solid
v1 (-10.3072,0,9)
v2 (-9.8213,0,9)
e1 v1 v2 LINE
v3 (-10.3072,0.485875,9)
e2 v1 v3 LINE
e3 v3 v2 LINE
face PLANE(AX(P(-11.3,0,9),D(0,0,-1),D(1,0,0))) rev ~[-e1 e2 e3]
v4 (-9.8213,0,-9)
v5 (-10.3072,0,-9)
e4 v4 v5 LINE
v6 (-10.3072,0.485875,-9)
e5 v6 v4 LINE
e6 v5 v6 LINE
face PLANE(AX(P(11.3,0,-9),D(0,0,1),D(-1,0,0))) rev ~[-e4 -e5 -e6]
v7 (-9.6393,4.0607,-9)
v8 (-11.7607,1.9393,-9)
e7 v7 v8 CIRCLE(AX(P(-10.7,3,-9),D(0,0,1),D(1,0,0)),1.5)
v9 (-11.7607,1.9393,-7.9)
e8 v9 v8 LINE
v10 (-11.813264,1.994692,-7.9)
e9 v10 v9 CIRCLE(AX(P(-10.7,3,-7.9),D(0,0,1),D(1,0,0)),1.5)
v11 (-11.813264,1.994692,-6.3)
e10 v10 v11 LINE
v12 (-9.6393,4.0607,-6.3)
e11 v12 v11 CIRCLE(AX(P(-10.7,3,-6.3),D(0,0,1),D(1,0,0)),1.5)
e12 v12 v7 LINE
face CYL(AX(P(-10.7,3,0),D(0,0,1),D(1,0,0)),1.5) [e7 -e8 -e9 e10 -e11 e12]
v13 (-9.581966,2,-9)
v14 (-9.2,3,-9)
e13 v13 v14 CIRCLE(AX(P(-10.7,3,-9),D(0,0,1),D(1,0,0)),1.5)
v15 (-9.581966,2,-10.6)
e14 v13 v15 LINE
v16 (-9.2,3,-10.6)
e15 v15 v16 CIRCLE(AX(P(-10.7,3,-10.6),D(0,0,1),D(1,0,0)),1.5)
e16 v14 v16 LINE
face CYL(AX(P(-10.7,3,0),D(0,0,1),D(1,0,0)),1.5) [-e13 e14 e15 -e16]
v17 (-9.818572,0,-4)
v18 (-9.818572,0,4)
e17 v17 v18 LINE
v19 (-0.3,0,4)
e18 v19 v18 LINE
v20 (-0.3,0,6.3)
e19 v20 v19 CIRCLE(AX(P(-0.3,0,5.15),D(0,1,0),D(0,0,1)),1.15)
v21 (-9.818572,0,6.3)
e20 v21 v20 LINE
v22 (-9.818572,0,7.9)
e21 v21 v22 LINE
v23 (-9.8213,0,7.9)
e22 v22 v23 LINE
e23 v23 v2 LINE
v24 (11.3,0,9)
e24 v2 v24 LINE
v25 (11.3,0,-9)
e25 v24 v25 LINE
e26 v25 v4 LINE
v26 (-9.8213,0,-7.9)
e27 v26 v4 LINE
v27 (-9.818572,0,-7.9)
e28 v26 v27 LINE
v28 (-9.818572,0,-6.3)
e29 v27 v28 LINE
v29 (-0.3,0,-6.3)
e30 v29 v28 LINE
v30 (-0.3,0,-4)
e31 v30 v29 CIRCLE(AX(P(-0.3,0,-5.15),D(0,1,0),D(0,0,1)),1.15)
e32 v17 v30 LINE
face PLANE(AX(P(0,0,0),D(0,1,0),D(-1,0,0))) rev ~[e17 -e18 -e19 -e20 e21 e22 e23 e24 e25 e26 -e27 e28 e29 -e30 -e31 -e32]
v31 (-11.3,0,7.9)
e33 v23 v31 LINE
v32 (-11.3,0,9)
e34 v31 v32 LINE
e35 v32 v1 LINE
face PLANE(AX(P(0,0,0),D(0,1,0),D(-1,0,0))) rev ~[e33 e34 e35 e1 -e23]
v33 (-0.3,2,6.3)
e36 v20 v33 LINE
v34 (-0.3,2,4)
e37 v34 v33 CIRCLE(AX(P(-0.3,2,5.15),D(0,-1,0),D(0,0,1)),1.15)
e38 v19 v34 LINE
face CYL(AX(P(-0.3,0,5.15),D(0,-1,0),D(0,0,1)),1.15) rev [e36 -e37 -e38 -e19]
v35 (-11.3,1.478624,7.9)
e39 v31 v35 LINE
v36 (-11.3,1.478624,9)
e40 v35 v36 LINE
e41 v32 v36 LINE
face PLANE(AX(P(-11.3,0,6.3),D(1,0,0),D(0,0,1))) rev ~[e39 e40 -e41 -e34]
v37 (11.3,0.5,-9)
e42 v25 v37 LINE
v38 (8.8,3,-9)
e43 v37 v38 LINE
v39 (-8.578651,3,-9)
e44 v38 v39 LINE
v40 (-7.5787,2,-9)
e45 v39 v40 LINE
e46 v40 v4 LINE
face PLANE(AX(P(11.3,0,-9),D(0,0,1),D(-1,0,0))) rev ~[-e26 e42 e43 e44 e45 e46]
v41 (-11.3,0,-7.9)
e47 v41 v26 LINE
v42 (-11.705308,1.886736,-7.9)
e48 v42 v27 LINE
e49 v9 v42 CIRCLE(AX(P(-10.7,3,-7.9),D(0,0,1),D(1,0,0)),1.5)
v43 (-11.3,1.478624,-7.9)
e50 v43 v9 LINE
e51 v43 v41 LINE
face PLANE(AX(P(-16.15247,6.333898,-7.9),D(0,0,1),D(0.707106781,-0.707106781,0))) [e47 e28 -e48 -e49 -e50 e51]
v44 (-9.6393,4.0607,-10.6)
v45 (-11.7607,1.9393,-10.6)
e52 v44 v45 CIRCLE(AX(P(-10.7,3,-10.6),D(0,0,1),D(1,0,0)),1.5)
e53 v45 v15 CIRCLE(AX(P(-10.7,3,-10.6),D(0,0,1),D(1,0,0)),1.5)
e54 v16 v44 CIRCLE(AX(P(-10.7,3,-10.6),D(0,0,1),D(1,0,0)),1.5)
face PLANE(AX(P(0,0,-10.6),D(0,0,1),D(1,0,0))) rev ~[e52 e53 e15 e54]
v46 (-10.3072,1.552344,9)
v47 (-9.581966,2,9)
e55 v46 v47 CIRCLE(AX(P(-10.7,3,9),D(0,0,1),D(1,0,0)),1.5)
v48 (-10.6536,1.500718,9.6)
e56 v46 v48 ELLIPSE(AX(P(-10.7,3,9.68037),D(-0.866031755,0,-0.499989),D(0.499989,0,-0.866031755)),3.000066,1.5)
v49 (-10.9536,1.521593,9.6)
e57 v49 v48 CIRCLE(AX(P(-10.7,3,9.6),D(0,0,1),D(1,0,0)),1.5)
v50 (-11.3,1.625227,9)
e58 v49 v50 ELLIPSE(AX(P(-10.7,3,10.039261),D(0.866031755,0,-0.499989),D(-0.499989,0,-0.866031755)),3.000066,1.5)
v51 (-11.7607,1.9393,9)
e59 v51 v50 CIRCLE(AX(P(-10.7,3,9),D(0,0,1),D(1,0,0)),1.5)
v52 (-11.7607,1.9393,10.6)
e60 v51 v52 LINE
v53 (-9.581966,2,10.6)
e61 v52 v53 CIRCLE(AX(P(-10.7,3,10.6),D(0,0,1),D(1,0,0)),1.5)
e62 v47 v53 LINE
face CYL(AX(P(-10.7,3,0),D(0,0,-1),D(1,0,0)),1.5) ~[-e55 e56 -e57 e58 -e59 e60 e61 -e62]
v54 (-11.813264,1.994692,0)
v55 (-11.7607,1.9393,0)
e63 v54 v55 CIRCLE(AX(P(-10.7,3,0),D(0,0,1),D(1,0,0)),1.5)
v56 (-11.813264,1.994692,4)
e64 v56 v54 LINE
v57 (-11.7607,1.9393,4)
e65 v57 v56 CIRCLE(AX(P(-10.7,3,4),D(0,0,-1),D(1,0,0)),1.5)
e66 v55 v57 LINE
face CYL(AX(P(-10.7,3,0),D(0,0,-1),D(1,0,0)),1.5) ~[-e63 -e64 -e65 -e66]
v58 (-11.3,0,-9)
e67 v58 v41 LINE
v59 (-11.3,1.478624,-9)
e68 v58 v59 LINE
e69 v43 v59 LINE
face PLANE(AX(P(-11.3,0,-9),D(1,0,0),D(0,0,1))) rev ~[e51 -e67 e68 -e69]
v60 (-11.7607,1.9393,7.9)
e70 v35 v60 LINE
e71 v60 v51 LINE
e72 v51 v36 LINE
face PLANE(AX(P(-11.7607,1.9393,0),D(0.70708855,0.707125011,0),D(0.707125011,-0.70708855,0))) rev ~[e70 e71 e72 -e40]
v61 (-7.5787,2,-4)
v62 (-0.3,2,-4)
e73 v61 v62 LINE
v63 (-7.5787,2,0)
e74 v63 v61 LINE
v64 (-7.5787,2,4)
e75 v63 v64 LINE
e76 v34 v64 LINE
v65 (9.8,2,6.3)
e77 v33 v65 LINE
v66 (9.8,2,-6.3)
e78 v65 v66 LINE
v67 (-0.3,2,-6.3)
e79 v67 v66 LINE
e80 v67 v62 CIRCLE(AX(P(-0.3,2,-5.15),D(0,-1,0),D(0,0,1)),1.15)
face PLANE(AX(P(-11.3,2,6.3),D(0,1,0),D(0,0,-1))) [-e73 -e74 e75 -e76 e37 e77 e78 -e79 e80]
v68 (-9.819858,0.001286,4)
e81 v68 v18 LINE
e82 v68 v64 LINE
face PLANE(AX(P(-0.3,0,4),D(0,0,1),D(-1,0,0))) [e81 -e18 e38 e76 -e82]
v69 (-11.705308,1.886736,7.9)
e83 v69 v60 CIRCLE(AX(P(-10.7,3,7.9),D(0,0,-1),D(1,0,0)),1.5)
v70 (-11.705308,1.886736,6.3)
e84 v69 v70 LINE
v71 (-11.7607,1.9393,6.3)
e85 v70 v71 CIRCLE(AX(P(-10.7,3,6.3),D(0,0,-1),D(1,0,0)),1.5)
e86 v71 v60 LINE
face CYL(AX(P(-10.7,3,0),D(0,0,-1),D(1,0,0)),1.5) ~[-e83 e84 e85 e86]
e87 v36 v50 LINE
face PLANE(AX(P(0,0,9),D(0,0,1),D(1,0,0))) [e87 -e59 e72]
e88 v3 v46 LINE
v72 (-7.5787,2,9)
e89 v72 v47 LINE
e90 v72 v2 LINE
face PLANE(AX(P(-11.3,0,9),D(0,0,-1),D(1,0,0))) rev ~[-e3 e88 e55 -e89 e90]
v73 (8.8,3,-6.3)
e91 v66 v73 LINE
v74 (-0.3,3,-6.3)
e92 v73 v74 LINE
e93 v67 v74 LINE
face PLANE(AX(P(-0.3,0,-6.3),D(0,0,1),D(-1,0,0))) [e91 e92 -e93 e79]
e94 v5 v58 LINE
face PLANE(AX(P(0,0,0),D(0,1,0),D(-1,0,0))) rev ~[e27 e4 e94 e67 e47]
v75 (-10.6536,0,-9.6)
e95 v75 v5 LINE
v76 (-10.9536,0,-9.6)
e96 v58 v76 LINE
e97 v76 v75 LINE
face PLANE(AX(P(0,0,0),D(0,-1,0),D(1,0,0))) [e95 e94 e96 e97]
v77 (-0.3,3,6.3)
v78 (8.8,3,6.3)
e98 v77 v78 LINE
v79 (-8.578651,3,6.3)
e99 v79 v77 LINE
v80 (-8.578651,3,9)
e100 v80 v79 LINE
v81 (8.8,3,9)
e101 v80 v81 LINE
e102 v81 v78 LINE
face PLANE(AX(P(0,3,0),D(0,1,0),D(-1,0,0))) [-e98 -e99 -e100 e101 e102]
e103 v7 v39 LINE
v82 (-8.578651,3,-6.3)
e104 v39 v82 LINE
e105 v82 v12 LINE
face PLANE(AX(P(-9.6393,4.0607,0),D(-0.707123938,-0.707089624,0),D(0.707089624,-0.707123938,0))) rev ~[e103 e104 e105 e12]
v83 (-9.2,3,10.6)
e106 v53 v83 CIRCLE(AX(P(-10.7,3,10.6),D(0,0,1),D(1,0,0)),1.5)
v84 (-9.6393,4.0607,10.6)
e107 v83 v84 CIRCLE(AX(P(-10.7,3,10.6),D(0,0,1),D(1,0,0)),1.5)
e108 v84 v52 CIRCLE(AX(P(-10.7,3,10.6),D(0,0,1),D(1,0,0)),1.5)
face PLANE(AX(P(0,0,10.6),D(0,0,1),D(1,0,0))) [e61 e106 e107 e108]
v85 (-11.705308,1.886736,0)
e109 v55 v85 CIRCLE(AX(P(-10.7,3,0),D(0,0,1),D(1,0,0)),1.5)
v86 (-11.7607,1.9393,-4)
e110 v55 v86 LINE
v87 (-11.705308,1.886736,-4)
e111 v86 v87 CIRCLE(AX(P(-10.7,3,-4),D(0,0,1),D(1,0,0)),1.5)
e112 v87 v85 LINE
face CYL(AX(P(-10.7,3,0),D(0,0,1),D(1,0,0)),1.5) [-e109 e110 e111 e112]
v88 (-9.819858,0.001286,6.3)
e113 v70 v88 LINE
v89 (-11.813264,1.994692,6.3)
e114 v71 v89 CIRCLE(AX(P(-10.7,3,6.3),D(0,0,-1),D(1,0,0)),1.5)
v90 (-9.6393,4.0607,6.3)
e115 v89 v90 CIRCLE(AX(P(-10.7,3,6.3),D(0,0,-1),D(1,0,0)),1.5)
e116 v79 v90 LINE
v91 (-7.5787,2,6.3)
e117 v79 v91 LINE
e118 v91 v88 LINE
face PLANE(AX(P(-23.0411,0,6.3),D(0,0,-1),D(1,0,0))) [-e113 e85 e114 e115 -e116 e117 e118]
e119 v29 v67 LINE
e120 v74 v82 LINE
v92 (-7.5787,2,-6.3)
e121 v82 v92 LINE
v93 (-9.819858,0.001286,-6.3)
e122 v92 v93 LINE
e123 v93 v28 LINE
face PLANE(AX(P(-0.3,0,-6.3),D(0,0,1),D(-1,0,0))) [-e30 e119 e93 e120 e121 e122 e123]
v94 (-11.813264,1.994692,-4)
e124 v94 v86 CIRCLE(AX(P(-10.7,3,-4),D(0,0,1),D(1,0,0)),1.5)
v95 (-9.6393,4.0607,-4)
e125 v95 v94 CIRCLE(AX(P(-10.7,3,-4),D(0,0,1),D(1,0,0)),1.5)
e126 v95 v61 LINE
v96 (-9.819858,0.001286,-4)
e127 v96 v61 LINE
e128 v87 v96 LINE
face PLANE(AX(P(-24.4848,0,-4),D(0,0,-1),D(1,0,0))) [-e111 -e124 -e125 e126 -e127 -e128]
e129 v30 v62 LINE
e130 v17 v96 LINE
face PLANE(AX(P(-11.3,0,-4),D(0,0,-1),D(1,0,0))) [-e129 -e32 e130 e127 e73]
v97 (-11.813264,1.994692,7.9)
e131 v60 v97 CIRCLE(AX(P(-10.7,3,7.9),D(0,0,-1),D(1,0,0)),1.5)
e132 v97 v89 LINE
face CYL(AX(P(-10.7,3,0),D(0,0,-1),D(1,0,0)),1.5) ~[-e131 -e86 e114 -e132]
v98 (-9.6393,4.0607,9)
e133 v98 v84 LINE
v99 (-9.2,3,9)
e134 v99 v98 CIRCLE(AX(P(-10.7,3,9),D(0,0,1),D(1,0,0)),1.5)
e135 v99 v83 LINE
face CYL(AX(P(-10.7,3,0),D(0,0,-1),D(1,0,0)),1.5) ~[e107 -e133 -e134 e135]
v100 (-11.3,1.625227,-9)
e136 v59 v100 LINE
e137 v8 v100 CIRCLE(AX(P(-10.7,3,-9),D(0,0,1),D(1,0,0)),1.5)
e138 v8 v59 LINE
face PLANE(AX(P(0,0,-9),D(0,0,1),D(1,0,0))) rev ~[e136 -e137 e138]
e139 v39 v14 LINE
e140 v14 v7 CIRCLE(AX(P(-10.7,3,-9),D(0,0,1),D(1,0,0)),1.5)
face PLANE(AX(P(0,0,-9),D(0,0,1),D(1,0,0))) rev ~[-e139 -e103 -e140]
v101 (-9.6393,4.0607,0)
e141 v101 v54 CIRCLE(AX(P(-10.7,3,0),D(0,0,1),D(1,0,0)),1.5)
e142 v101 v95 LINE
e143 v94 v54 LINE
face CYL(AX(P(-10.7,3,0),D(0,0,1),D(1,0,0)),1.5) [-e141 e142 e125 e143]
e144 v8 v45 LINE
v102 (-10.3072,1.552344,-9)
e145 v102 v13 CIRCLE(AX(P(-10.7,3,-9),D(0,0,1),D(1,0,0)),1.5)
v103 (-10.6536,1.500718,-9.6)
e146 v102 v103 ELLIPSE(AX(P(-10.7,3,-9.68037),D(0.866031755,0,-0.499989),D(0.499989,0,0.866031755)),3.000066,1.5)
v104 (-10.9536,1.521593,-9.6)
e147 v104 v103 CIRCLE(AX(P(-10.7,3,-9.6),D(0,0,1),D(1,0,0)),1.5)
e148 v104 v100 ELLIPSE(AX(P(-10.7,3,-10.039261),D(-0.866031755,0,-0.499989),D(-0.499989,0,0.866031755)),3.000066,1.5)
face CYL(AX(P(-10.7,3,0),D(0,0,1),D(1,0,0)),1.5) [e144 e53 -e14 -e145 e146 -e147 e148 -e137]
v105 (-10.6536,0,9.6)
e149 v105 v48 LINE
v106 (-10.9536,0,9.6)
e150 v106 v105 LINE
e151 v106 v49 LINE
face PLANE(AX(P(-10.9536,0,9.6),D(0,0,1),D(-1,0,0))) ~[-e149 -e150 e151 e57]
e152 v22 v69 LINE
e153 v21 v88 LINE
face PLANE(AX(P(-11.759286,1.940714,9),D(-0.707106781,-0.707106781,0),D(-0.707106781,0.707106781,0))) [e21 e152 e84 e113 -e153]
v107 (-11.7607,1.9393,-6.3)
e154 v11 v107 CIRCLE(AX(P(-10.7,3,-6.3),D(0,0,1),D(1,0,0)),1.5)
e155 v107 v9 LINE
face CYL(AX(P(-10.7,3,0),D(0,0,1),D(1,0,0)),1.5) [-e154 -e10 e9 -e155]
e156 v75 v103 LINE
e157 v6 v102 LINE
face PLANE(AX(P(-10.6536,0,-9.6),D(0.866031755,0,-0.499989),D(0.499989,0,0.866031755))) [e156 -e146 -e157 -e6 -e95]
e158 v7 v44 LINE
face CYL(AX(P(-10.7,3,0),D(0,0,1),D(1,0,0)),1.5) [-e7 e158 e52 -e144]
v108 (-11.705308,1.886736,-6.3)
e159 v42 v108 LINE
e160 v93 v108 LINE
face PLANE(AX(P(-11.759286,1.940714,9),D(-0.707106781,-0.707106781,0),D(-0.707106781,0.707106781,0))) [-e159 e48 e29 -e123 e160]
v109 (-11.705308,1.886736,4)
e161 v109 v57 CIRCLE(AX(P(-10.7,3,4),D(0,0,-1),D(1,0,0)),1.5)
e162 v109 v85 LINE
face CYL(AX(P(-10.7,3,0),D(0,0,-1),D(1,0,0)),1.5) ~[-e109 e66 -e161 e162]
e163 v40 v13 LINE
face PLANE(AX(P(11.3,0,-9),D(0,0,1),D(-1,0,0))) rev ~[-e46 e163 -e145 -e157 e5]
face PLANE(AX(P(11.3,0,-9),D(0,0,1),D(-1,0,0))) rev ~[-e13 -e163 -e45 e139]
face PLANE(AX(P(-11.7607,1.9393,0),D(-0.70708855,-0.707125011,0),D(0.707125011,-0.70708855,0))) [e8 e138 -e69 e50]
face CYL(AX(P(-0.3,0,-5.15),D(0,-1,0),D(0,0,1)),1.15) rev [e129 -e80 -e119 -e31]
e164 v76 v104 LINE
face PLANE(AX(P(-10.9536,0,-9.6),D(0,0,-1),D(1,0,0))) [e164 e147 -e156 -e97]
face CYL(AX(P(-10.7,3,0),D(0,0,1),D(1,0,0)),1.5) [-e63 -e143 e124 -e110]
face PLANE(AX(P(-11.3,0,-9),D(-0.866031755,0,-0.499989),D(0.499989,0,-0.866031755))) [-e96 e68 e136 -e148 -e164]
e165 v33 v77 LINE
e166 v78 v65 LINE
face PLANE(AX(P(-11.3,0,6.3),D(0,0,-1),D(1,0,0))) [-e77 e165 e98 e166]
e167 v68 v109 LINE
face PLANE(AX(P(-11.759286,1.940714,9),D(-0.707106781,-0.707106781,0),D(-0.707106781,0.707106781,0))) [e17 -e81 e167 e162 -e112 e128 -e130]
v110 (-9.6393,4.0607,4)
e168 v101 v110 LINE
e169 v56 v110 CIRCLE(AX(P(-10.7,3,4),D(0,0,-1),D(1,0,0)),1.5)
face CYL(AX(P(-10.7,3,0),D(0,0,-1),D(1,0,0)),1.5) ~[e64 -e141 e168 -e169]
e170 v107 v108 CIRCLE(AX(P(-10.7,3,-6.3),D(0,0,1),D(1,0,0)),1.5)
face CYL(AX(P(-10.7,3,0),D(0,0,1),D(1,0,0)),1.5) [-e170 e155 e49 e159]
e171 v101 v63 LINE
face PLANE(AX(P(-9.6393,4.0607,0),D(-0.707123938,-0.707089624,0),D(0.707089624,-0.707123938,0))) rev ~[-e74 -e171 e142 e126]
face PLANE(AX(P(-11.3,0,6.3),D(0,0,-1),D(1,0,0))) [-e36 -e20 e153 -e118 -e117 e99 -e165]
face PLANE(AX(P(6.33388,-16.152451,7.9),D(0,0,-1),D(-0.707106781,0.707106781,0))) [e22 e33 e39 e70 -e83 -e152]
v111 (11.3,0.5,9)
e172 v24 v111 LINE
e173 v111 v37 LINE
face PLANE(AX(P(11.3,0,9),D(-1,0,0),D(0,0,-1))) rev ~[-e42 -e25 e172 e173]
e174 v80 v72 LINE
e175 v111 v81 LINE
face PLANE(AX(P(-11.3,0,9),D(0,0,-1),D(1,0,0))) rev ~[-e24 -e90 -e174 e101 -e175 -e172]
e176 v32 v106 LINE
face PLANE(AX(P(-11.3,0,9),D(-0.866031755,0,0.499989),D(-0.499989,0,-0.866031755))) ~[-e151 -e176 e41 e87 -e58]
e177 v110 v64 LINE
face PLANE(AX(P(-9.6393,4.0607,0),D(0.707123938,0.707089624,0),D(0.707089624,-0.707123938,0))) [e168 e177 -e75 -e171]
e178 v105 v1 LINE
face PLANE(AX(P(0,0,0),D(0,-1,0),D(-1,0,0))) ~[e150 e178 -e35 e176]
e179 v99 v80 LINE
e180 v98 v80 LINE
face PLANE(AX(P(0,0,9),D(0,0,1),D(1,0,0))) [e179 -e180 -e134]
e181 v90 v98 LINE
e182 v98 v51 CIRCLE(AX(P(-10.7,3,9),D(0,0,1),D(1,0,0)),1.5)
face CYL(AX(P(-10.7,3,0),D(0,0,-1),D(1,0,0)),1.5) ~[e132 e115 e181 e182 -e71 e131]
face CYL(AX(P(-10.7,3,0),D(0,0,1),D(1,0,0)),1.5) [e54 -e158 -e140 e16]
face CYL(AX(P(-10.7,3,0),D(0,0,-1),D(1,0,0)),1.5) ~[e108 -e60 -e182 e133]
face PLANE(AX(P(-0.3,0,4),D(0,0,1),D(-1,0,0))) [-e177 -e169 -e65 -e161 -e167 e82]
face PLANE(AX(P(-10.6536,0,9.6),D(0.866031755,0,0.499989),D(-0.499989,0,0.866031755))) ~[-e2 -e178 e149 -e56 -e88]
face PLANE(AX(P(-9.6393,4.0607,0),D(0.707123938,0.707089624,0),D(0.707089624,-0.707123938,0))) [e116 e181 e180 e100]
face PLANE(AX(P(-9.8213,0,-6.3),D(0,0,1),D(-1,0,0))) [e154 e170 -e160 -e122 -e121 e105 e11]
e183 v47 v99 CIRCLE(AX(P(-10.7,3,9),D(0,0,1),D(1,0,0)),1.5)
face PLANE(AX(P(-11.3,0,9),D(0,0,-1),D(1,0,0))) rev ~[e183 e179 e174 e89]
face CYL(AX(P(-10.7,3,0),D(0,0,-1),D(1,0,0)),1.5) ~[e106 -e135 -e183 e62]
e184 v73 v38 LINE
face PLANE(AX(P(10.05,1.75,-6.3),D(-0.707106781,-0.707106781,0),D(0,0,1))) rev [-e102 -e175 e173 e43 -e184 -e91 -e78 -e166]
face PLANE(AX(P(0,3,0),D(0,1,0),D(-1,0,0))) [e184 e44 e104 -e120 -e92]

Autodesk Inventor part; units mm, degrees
ref_plane "YZ Plane" through (0, 0, 0) normal (1, 0, 0) x (0, 1, 0)
ref_plane "XZ Plane" through (0, 0, 0) normal (0, 1, 0) x (-1, 0, 0)
ref_plane "XY Plane" through (0, 0, 0) normal (0, 0, 1) x (1, 0, 0)
sketch "Sketch3" plane through (0, 0, 0) normal (0, 1, 0) x (-1, 0, 0)
  line L0 (11.3, 9) -> (-11.3, 9)
  line L1 (-11.3, 9) -> (-11.3, -9)
  line L2 (-11.3, -9) -> (11.3, -9)
  line L3 (11.3, -9) -> (11.3, 9)
  line L4 (11.3, 9) -> (-11.3, -9) construction
  line L5 (-11.3, 9) -> (11.3, -9) construction
  line L6 (11.3, 5.15) -> (0.3, 5.15) construction
  line L7 (11.3, 6.3) -> (0.3, 6.3)
  line L8 (0.3, 4) -> (11.3, 4)
  arc A0 (11.3, 4) -> (11.3, 6.3) centre (11.3, 5.15) ccw
  arc A1 (0.3, 6.3) -> (0.3, 4) centre (0.3, 5.15) ccw
  line L9 (11.3, -5.15) -> (0.3, -5.15) construction
  line L10 (11.3, -4) -> (0.3, -4)
  line L11 (0.3, -6.3) -> (11.3, -6.3)
  arc A2 (11.3, -6.3) -> (11.3, -4) centre (11.3, -5.15) ccw
  arc A3 (0.3, -4) -> (0.3, -6.3) centre (0.3, -5.15) ccw
  point P0 (0, 0)
  point P1 (5.8, 5.15)
  point P2 (5.8, -5.15)
  dimension "d4" = 18
  dimension "d5" = 22.6
  dimension "d6" = 11
  dimension "d7" = 11
  dimension "d8" = 2.3
  dimension "d9" = 2.3
  dimension "d10" = 12.6
  dimension "d11" = 6.3
extrude "Extrusion3" add sketch "Sketch3" along normal blind 3 contours L3 L7 A1 L8 L10 A3 L11 L2 L1 L0
sketch "Sketch4" plane through (-11.3, 0, -4) normal (-1, 0, 0) x (0, 0, 1)
  line L0 (-2.3, 3) -> (0, 3) projected
  line L1 (10.3, 0) -> (10.3, 3) projected
  line L2 (-2.3, 3) -> (10.3, 3)
  line L3 (10.3, 3) -> (10.3, 2)
  line L4 (10.3, 2) -> (-2.3, 2)
  line L5 (-2.3, 2) -> (-2.3, 3)
  point P0 (4, 0)
  dimension "d14" = 1
extrude "Extrusion4" cut sketch "Sketch4" against normal blind 30
chamfer "Chamfer1" distance 2.5 angle 45 1 edges at (11.3, 3, -7.65)
sketch "Sketch5" plane through (0, 0, 0) normal (0, 0, 1) x (1, 0, 0)
  circle A0 centre (-10.7, 3) radius 1.5
  line L0 (11.3, 0) -> (11.3, 0.5) projected
  line L1 (-11.7607, 1.9393) -> (-9.8213, 0)
  line L2 (-11.3, 0) -> (11.3, 0) projected
  line L3 (-9.6393, 4.0607) -> (-7.5787, 2)
  line L4 (-0.3, 2) -> (-11.3, 2) projected
  line L5 (-7.5787, 2) -> (-9.8213, 0)
  point P0 (0, 0)
  point P1 (-9.582, 2)
  dimension "d20" = 3
  dimension "d21" = 3
  dimension "d22" = 22
  dimension "d23" = 135
  dimension "d24" = 135
extrude "Extrusion5" add sketch "Sketch5" along normal mid plane 18
sketch "Sketch6" plane through (-11.7607, 1.9393, 9) normal (-0.7071, -0.7071, 0) x (-0.7071, 0.7071, 0)
  line L0 (6.2129, 16.9) -> (-25.5876, 16.9)
  line L1 (-25.5876, 16.9) -> (-25.5876, 1.1)
  line L2 (-25.5876, 1.1) -> (6.2129, 1.1)
  line L3 (6.2129, 1.1) -> (6.2129, 16.9)
  line L4 (6.2129, 16.9) -> (-25.5876, 1.1) construction
  line L5 (-25.5876, 16.9) -> (6.2129, 1.1) construction
  point P0 (-9.6874, 9)
  dimension "d27" = 15.8
extrude "Extrusion6" cut sketch "Sketch6" along normal blind 10
extrude "Extrusion7" add sketch "Sketch5" along normal mid plane 21.2 contours A0
sketch "Sketch7" plane through (0, 0, 0) normal (0, -1, 0) x (1, 0, 0)
  line L0 (-11.3, -9) -> (-11.7607, -9) projected
  line L1 (-11.3, -9) -> (-10.9536, -9.6)
  line L2 (-10.9536, -9.6) -> (-10.6536, -9.6)
  line L3 (-10.6536, -9.6) -> (-10.3072, -9)
  line L4 (-9.2, -9) -> (-11.7607, -9) projected
  point P0 (0, 0)
  point P1 (-9.6393, -9)
  dimension "d32" = 9.6
  dimension "d33" = 60
  dimension "d34" = 60
  dimension "d35" = 0.3
extrude "Extrusion8" add sketch "Sketch7" against normal up to next
mirror "Mirror1" about plane through (0, 0, 0) normal (0, 0, 1) of "Extrusion8"
sketch "Sketch8" plane through (0, 0, 0) normal (0, -1, 0) x (1, 0, 0)
  line L0 (-9.8213, -6.3) -> (-0.3, -6.3) projected
  line L1 (-0.3, -6.3) -> (-24.4848, -6.3)
  line L2 (-24.4848, -6.3) -> (-24.4848, -4)
  line L3 (-24.4848, -4) -> (-0.3, -4)
  line L4 (-0.3, -4) -> (-0.3, -6.3)
  line L5 (-0.3, 4) -> (-7.5787, 4) projected
  line L6 (-0.3, 4) -> (-23.0411, 4)
  line L7 (-23.0411, 4) -> (-23.0411, 6.3)
  line L8 (-23.0411, 6.3) -> (-0.3, 6.3)
  line L9 (-0.3, 6.3) -> (-0.3, 4)
  line L10 (-0.3, -4) -> (-9.8213, -4) projected
  line L11 (-0.3, 6.3) -> (-9.8213, 6.3) projected
  point P0 (0, 0)
extrude "Extrusion9" cut sketch "Sketch8" against normal blind 10
equation "\"d7\" = d6"
equation "\"d9\" = d8"
equation "\"d11\" = 0.5 * d10"
